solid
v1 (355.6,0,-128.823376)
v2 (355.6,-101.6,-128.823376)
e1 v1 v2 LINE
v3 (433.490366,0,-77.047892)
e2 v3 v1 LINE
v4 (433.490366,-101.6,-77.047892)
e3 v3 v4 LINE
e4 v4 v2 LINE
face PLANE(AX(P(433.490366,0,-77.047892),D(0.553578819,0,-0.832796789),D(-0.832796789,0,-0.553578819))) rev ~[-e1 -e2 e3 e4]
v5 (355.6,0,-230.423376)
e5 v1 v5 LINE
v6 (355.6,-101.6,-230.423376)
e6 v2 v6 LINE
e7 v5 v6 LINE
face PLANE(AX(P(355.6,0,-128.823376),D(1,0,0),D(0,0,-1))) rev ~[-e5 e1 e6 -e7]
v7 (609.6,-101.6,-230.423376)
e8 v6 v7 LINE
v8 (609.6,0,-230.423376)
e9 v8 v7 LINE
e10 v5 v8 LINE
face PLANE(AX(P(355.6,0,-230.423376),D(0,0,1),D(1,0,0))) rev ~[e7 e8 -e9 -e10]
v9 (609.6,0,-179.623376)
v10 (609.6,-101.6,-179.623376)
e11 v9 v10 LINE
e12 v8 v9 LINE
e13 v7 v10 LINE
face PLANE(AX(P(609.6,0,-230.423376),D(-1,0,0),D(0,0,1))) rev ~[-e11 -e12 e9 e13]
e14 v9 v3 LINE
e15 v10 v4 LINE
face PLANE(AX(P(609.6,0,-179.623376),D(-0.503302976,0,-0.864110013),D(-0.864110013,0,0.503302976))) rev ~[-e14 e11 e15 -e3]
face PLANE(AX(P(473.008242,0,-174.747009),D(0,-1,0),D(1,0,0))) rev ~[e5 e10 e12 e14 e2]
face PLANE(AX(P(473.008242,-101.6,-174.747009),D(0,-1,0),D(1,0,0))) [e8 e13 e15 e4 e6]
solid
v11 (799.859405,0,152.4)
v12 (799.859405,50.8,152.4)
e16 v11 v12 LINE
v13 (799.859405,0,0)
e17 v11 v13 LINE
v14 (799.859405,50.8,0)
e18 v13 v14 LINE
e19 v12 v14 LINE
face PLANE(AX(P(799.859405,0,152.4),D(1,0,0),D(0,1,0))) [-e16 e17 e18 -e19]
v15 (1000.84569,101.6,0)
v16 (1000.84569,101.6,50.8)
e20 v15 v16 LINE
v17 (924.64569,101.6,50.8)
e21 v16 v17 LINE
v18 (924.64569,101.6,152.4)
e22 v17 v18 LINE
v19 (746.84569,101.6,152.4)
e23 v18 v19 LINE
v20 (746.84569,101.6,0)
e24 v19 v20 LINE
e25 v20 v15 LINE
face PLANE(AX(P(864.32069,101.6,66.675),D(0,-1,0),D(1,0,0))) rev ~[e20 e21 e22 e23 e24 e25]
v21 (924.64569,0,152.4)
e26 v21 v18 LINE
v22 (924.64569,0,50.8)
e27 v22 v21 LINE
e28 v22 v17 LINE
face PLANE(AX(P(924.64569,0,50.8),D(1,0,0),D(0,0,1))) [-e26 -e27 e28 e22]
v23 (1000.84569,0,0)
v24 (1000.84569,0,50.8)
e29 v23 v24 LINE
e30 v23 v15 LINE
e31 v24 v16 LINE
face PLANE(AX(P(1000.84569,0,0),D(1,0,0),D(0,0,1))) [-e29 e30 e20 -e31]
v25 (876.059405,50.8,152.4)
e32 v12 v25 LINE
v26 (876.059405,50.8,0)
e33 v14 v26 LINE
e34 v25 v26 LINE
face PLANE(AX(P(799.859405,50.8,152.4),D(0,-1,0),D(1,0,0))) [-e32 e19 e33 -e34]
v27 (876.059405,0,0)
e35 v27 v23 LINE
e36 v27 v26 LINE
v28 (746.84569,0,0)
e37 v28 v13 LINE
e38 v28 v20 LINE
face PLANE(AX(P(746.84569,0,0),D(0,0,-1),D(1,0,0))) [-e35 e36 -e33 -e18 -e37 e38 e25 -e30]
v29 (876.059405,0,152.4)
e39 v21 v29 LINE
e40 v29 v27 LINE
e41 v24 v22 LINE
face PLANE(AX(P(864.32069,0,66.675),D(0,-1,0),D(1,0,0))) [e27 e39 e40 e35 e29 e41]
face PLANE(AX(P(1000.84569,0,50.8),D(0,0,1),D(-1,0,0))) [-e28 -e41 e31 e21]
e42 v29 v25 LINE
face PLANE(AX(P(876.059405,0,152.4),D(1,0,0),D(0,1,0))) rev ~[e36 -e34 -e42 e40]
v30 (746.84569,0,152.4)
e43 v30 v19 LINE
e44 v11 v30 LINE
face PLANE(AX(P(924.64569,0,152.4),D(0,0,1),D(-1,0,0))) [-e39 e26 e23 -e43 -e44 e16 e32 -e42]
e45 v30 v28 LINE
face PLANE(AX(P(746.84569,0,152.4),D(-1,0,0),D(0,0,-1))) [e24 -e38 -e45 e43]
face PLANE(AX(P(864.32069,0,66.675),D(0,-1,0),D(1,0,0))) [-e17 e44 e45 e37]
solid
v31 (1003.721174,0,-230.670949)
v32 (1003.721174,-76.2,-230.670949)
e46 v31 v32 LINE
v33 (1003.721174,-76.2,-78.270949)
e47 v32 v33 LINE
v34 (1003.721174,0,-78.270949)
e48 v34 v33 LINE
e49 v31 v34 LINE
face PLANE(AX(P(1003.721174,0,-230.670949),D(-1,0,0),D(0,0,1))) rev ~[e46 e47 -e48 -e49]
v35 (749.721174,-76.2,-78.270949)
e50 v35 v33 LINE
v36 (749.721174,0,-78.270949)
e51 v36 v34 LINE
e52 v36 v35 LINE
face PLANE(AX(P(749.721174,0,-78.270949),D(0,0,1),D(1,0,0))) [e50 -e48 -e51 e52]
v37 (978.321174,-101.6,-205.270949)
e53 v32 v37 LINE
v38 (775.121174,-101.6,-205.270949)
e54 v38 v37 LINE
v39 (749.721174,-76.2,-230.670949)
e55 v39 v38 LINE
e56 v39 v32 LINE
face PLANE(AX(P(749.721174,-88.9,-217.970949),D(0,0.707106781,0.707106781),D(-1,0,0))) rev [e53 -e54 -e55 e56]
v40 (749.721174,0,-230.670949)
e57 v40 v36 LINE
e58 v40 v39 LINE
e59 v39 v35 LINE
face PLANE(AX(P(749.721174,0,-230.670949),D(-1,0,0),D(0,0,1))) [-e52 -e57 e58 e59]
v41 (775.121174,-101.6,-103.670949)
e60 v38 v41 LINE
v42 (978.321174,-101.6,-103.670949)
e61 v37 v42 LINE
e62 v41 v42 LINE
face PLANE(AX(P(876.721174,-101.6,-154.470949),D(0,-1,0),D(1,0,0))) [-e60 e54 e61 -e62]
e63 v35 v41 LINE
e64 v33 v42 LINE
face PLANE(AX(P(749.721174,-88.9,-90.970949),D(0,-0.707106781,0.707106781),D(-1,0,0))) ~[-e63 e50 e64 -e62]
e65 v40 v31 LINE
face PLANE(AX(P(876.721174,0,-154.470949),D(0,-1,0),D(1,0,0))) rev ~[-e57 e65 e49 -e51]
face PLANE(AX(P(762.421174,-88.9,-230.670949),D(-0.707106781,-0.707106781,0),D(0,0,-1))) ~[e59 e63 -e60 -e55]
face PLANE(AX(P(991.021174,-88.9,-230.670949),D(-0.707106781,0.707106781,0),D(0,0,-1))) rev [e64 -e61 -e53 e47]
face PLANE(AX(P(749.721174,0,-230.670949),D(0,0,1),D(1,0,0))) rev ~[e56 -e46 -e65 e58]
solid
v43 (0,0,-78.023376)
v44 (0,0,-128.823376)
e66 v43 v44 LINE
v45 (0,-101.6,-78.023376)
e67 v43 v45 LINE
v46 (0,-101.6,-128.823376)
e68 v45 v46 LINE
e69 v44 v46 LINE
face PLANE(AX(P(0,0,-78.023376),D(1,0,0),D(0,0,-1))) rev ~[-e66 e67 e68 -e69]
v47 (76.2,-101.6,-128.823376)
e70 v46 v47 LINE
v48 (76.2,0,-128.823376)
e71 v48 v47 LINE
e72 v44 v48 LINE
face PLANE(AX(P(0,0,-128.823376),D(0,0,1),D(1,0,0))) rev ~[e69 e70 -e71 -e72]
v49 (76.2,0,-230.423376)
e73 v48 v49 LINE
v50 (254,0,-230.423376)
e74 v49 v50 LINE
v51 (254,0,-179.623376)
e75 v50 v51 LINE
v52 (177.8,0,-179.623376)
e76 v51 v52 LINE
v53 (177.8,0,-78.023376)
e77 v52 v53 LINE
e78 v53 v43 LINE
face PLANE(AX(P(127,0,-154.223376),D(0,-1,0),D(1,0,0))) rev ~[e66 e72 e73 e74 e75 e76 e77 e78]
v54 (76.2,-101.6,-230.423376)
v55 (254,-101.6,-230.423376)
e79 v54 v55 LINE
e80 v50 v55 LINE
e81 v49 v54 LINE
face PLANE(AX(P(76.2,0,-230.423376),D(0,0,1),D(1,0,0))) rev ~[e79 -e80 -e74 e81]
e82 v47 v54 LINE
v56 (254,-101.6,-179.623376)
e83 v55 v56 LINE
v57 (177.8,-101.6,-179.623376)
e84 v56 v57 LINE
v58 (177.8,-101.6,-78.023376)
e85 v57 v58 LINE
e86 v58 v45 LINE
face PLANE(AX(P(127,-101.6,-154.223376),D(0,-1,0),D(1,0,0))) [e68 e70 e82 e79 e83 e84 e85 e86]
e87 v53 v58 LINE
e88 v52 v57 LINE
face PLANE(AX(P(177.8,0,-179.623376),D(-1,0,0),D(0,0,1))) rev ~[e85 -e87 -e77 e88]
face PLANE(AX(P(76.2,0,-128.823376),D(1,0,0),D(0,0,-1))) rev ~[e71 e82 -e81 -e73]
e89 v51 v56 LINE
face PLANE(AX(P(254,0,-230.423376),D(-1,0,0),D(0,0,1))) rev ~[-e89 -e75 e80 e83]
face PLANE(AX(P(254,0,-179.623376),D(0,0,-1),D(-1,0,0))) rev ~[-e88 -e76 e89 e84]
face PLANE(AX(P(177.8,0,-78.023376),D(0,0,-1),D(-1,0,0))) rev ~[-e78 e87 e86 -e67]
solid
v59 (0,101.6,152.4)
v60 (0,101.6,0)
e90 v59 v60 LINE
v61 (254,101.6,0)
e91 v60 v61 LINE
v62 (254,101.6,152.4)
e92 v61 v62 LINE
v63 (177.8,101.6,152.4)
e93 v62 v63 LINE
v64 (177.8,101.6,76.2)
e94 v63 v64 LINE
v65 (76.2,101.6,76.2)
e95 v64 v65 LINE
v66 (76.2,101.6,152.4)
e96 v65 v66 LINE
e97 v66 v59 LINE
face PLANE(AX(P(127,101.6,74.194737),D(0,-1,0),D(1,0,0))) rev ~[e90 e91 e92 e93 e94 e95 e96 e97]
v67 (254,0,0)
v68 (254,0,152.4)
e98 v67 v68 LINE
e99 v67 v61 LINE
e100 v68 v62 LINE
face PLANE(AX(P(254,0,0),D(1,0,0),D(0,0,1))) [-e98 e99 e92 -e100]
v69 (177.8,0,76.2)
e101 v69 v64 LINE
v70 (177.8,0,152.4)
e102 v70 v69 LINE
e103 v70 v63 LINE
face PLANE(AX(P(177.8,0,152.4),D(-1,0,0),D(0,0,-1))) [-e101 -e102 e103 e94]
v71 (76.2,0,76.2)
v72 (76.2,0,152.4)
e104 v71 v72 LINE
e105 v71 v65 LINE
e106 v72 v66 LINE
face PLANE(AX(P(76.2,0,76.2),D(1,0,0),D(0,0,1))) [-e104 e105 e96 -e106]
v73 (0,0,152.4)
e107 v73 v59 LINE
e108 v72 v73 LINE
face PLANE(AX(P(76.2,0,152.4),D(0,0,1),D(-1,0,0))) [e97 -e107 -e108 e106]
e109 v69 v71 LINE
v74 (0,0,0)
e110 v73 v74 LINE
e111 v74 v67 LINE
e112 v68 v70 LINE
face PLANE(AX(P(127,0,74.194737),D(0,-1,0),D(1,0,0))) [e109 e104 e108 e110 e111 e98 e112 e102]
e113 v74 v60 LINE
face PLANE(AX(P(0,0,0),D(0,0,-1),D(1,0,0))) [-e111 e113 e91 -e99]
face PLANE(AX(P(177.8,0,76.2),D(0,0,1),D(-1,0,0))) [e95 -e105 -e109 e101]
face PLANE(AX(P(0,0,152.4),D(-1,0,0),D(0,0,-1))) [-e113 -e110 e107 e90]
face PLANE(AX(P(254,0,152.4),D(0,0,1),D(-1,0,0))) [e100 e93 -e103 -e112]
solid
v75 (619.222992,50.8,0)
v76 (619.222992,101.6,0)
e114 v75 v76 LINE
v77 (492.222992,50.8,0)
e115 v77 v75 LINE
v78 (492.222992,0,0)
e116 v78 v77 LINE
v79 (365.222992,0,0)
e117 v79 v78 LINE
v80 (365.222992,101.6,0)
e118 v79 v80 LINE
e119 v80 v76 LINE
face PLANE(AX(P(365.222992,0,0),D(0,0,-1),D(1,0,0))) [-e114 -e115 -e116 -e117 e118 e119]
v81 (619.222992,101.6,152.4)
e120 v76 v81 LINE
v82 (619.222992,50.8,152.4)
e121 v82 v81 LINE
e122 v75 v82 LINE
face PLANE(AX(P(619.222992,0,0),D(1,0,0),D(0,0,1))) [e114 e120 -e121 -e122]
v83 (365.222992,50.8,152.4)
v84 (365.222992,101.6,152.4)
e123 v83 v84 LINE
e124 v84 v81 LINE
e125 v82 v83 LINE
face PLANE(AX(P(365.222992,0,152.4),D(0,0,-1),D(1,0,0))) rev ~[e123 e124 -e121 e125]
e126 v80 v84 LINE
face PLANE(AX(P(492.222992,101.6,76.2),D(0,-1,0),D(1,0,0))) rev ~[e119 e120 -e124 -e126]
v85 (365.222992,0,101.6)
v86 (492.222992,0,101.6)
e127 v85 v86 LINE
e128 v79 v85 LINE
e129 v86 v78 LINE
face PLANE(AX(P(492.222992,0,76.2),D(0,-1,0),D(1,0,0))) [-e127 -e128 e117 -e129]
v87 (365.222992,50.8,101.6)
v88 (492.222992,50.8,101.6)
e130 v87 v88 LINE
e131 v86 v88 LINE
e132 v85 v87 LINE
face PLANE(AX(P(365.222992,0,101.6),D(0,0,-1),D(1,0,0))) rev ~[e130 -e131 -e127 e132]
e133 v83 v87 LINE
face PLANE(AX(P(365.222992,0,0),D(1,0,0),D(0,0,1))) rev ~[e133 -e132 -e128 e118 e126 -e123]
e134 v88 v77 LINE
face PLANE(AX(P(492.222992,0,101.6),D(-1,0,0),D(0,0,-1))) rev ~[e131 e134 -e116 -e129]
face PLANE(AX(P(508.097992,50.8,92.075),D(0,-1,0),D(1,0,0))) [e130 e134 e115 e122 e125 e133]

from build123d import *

# Parameters (mm, degrees)
F1_DEPTH  = 101.6
F2_W      = 254
F2_H      = 152.4
F3_DEPTH  = 101.6
F5_DEPTH  = 50.8
F7_DEPTH  = 101.6
F8_W      = 76.2
F8_H      = 50.8
F9_DEPTH  = 152.4
F11_DEPTH = 101.6
F13_DEPTH = 101.6
F14_W     = 254
F14_H     = 152.4
F15_DEPTH = 101.6
F16_SIZE  = 25.4


with BuildPart() as f1:
    # F0 (on Front) → F1 (new body)
    with BuildSketch(Plane.XZ):
        Polygon((0, 152.4), (0, 0), (254, 0), (254, 152.4), (177.8, 152.4), (177.8, 76.2), (76.2, 76.2), (76.2, 152.4), align=None)
    extrude(amount=-F1_DEPTH)


with BuildPart() as f3:
    # F2 (on Front) → F3 (new body)
    with BuildSketch(Plane.XZ):
        with Locations((492.222992, 76.2)):
            Rectangle(F2_W, F2_H)
    extrude(amount=-F3_DEPTH)

    # F4 (on face) → F5 (cut)
    with BuildSketch(Plane.XZ):
        Polygon((365.222992, 152.4), (365.222992, 101.6), (492.222992, 101.6), (492.222992, 0), (619.222992, 0), (619.222992, 152.4), align=None)
    extrude(amount=-F5_DEPTH, mode=Mode.SUBTRACT)


with BuildPart() as f7:
    # F6 (on Front) → F7 (new body)
    with BuildSketch(Plane.XZ):
        Polygon((746.84569, 152.4), (746.84569, 0), (1000.84569, 0), (1000.84569, 50.8), (924.64569, 50.8), (924.64569, 152.4), align=None)
    extrude(amount=-F7_DEPTH)

    # F8 (on face) → F9 (cut)
    with BuildSketch(Plane.XY.offset(152.4)):
        with Locations((837.959405, 25.4)):
            Rectangle(F8_W, F8_H)
    extrude(amount=-F9_DEPTH, mode=Mode.SUBTRACT)


with BuildPart() as f11:
    # F10 (on Front) → F11 (new body)
    with BuildSketch(Plane.XZ):
        Polygon((177.8, -78.023376), (0, -78.023376), (0, -128.823376), (76.2, -128.823376), (76.2, -230.423376), (254, -230.423376), (254, -179.623376), (177.8, -179.623376), align=None)
    extrude(amount=F11_DEPTH)


with BuildPart() as f13:
    # F12 (on Front) → F13 (new body)
    with BuildSketch(Plane.XZ):
        Polygon((355.6, -128.823376), (355.6, -230.423376), (609.6, -230.423376), (609.6, -179.623376), (433.490366, -77.047892), align=None)
    extrude(amount=F13_DEPTH)


with BuildPart() as f15:
    # F14 (on Front) → F15 (new body)
    with BuildSketch(Plane.XZ):
        with Locations((876.721174, -154.470949)):
            Rectangle(F14_W, F14_H)
    extrude(amount=F15_DEPTH)

    # F16
    f16_edges = [f15.edges().sort_by_distance(p)[0] for p in [
        (1003.721174, -101.6, -154.470949),
        (876.721174, -101.6, -78.270949),
        (749.721174, -101.6, -154.470949),
        (876.721174, -101.6, -230.670949),
    ]]
    chamfer(f16_edges, length=F16_SIZE)


solid = Compound([f1.part, f3.part, f7.part, f11.part, f13.part, f15.part])
